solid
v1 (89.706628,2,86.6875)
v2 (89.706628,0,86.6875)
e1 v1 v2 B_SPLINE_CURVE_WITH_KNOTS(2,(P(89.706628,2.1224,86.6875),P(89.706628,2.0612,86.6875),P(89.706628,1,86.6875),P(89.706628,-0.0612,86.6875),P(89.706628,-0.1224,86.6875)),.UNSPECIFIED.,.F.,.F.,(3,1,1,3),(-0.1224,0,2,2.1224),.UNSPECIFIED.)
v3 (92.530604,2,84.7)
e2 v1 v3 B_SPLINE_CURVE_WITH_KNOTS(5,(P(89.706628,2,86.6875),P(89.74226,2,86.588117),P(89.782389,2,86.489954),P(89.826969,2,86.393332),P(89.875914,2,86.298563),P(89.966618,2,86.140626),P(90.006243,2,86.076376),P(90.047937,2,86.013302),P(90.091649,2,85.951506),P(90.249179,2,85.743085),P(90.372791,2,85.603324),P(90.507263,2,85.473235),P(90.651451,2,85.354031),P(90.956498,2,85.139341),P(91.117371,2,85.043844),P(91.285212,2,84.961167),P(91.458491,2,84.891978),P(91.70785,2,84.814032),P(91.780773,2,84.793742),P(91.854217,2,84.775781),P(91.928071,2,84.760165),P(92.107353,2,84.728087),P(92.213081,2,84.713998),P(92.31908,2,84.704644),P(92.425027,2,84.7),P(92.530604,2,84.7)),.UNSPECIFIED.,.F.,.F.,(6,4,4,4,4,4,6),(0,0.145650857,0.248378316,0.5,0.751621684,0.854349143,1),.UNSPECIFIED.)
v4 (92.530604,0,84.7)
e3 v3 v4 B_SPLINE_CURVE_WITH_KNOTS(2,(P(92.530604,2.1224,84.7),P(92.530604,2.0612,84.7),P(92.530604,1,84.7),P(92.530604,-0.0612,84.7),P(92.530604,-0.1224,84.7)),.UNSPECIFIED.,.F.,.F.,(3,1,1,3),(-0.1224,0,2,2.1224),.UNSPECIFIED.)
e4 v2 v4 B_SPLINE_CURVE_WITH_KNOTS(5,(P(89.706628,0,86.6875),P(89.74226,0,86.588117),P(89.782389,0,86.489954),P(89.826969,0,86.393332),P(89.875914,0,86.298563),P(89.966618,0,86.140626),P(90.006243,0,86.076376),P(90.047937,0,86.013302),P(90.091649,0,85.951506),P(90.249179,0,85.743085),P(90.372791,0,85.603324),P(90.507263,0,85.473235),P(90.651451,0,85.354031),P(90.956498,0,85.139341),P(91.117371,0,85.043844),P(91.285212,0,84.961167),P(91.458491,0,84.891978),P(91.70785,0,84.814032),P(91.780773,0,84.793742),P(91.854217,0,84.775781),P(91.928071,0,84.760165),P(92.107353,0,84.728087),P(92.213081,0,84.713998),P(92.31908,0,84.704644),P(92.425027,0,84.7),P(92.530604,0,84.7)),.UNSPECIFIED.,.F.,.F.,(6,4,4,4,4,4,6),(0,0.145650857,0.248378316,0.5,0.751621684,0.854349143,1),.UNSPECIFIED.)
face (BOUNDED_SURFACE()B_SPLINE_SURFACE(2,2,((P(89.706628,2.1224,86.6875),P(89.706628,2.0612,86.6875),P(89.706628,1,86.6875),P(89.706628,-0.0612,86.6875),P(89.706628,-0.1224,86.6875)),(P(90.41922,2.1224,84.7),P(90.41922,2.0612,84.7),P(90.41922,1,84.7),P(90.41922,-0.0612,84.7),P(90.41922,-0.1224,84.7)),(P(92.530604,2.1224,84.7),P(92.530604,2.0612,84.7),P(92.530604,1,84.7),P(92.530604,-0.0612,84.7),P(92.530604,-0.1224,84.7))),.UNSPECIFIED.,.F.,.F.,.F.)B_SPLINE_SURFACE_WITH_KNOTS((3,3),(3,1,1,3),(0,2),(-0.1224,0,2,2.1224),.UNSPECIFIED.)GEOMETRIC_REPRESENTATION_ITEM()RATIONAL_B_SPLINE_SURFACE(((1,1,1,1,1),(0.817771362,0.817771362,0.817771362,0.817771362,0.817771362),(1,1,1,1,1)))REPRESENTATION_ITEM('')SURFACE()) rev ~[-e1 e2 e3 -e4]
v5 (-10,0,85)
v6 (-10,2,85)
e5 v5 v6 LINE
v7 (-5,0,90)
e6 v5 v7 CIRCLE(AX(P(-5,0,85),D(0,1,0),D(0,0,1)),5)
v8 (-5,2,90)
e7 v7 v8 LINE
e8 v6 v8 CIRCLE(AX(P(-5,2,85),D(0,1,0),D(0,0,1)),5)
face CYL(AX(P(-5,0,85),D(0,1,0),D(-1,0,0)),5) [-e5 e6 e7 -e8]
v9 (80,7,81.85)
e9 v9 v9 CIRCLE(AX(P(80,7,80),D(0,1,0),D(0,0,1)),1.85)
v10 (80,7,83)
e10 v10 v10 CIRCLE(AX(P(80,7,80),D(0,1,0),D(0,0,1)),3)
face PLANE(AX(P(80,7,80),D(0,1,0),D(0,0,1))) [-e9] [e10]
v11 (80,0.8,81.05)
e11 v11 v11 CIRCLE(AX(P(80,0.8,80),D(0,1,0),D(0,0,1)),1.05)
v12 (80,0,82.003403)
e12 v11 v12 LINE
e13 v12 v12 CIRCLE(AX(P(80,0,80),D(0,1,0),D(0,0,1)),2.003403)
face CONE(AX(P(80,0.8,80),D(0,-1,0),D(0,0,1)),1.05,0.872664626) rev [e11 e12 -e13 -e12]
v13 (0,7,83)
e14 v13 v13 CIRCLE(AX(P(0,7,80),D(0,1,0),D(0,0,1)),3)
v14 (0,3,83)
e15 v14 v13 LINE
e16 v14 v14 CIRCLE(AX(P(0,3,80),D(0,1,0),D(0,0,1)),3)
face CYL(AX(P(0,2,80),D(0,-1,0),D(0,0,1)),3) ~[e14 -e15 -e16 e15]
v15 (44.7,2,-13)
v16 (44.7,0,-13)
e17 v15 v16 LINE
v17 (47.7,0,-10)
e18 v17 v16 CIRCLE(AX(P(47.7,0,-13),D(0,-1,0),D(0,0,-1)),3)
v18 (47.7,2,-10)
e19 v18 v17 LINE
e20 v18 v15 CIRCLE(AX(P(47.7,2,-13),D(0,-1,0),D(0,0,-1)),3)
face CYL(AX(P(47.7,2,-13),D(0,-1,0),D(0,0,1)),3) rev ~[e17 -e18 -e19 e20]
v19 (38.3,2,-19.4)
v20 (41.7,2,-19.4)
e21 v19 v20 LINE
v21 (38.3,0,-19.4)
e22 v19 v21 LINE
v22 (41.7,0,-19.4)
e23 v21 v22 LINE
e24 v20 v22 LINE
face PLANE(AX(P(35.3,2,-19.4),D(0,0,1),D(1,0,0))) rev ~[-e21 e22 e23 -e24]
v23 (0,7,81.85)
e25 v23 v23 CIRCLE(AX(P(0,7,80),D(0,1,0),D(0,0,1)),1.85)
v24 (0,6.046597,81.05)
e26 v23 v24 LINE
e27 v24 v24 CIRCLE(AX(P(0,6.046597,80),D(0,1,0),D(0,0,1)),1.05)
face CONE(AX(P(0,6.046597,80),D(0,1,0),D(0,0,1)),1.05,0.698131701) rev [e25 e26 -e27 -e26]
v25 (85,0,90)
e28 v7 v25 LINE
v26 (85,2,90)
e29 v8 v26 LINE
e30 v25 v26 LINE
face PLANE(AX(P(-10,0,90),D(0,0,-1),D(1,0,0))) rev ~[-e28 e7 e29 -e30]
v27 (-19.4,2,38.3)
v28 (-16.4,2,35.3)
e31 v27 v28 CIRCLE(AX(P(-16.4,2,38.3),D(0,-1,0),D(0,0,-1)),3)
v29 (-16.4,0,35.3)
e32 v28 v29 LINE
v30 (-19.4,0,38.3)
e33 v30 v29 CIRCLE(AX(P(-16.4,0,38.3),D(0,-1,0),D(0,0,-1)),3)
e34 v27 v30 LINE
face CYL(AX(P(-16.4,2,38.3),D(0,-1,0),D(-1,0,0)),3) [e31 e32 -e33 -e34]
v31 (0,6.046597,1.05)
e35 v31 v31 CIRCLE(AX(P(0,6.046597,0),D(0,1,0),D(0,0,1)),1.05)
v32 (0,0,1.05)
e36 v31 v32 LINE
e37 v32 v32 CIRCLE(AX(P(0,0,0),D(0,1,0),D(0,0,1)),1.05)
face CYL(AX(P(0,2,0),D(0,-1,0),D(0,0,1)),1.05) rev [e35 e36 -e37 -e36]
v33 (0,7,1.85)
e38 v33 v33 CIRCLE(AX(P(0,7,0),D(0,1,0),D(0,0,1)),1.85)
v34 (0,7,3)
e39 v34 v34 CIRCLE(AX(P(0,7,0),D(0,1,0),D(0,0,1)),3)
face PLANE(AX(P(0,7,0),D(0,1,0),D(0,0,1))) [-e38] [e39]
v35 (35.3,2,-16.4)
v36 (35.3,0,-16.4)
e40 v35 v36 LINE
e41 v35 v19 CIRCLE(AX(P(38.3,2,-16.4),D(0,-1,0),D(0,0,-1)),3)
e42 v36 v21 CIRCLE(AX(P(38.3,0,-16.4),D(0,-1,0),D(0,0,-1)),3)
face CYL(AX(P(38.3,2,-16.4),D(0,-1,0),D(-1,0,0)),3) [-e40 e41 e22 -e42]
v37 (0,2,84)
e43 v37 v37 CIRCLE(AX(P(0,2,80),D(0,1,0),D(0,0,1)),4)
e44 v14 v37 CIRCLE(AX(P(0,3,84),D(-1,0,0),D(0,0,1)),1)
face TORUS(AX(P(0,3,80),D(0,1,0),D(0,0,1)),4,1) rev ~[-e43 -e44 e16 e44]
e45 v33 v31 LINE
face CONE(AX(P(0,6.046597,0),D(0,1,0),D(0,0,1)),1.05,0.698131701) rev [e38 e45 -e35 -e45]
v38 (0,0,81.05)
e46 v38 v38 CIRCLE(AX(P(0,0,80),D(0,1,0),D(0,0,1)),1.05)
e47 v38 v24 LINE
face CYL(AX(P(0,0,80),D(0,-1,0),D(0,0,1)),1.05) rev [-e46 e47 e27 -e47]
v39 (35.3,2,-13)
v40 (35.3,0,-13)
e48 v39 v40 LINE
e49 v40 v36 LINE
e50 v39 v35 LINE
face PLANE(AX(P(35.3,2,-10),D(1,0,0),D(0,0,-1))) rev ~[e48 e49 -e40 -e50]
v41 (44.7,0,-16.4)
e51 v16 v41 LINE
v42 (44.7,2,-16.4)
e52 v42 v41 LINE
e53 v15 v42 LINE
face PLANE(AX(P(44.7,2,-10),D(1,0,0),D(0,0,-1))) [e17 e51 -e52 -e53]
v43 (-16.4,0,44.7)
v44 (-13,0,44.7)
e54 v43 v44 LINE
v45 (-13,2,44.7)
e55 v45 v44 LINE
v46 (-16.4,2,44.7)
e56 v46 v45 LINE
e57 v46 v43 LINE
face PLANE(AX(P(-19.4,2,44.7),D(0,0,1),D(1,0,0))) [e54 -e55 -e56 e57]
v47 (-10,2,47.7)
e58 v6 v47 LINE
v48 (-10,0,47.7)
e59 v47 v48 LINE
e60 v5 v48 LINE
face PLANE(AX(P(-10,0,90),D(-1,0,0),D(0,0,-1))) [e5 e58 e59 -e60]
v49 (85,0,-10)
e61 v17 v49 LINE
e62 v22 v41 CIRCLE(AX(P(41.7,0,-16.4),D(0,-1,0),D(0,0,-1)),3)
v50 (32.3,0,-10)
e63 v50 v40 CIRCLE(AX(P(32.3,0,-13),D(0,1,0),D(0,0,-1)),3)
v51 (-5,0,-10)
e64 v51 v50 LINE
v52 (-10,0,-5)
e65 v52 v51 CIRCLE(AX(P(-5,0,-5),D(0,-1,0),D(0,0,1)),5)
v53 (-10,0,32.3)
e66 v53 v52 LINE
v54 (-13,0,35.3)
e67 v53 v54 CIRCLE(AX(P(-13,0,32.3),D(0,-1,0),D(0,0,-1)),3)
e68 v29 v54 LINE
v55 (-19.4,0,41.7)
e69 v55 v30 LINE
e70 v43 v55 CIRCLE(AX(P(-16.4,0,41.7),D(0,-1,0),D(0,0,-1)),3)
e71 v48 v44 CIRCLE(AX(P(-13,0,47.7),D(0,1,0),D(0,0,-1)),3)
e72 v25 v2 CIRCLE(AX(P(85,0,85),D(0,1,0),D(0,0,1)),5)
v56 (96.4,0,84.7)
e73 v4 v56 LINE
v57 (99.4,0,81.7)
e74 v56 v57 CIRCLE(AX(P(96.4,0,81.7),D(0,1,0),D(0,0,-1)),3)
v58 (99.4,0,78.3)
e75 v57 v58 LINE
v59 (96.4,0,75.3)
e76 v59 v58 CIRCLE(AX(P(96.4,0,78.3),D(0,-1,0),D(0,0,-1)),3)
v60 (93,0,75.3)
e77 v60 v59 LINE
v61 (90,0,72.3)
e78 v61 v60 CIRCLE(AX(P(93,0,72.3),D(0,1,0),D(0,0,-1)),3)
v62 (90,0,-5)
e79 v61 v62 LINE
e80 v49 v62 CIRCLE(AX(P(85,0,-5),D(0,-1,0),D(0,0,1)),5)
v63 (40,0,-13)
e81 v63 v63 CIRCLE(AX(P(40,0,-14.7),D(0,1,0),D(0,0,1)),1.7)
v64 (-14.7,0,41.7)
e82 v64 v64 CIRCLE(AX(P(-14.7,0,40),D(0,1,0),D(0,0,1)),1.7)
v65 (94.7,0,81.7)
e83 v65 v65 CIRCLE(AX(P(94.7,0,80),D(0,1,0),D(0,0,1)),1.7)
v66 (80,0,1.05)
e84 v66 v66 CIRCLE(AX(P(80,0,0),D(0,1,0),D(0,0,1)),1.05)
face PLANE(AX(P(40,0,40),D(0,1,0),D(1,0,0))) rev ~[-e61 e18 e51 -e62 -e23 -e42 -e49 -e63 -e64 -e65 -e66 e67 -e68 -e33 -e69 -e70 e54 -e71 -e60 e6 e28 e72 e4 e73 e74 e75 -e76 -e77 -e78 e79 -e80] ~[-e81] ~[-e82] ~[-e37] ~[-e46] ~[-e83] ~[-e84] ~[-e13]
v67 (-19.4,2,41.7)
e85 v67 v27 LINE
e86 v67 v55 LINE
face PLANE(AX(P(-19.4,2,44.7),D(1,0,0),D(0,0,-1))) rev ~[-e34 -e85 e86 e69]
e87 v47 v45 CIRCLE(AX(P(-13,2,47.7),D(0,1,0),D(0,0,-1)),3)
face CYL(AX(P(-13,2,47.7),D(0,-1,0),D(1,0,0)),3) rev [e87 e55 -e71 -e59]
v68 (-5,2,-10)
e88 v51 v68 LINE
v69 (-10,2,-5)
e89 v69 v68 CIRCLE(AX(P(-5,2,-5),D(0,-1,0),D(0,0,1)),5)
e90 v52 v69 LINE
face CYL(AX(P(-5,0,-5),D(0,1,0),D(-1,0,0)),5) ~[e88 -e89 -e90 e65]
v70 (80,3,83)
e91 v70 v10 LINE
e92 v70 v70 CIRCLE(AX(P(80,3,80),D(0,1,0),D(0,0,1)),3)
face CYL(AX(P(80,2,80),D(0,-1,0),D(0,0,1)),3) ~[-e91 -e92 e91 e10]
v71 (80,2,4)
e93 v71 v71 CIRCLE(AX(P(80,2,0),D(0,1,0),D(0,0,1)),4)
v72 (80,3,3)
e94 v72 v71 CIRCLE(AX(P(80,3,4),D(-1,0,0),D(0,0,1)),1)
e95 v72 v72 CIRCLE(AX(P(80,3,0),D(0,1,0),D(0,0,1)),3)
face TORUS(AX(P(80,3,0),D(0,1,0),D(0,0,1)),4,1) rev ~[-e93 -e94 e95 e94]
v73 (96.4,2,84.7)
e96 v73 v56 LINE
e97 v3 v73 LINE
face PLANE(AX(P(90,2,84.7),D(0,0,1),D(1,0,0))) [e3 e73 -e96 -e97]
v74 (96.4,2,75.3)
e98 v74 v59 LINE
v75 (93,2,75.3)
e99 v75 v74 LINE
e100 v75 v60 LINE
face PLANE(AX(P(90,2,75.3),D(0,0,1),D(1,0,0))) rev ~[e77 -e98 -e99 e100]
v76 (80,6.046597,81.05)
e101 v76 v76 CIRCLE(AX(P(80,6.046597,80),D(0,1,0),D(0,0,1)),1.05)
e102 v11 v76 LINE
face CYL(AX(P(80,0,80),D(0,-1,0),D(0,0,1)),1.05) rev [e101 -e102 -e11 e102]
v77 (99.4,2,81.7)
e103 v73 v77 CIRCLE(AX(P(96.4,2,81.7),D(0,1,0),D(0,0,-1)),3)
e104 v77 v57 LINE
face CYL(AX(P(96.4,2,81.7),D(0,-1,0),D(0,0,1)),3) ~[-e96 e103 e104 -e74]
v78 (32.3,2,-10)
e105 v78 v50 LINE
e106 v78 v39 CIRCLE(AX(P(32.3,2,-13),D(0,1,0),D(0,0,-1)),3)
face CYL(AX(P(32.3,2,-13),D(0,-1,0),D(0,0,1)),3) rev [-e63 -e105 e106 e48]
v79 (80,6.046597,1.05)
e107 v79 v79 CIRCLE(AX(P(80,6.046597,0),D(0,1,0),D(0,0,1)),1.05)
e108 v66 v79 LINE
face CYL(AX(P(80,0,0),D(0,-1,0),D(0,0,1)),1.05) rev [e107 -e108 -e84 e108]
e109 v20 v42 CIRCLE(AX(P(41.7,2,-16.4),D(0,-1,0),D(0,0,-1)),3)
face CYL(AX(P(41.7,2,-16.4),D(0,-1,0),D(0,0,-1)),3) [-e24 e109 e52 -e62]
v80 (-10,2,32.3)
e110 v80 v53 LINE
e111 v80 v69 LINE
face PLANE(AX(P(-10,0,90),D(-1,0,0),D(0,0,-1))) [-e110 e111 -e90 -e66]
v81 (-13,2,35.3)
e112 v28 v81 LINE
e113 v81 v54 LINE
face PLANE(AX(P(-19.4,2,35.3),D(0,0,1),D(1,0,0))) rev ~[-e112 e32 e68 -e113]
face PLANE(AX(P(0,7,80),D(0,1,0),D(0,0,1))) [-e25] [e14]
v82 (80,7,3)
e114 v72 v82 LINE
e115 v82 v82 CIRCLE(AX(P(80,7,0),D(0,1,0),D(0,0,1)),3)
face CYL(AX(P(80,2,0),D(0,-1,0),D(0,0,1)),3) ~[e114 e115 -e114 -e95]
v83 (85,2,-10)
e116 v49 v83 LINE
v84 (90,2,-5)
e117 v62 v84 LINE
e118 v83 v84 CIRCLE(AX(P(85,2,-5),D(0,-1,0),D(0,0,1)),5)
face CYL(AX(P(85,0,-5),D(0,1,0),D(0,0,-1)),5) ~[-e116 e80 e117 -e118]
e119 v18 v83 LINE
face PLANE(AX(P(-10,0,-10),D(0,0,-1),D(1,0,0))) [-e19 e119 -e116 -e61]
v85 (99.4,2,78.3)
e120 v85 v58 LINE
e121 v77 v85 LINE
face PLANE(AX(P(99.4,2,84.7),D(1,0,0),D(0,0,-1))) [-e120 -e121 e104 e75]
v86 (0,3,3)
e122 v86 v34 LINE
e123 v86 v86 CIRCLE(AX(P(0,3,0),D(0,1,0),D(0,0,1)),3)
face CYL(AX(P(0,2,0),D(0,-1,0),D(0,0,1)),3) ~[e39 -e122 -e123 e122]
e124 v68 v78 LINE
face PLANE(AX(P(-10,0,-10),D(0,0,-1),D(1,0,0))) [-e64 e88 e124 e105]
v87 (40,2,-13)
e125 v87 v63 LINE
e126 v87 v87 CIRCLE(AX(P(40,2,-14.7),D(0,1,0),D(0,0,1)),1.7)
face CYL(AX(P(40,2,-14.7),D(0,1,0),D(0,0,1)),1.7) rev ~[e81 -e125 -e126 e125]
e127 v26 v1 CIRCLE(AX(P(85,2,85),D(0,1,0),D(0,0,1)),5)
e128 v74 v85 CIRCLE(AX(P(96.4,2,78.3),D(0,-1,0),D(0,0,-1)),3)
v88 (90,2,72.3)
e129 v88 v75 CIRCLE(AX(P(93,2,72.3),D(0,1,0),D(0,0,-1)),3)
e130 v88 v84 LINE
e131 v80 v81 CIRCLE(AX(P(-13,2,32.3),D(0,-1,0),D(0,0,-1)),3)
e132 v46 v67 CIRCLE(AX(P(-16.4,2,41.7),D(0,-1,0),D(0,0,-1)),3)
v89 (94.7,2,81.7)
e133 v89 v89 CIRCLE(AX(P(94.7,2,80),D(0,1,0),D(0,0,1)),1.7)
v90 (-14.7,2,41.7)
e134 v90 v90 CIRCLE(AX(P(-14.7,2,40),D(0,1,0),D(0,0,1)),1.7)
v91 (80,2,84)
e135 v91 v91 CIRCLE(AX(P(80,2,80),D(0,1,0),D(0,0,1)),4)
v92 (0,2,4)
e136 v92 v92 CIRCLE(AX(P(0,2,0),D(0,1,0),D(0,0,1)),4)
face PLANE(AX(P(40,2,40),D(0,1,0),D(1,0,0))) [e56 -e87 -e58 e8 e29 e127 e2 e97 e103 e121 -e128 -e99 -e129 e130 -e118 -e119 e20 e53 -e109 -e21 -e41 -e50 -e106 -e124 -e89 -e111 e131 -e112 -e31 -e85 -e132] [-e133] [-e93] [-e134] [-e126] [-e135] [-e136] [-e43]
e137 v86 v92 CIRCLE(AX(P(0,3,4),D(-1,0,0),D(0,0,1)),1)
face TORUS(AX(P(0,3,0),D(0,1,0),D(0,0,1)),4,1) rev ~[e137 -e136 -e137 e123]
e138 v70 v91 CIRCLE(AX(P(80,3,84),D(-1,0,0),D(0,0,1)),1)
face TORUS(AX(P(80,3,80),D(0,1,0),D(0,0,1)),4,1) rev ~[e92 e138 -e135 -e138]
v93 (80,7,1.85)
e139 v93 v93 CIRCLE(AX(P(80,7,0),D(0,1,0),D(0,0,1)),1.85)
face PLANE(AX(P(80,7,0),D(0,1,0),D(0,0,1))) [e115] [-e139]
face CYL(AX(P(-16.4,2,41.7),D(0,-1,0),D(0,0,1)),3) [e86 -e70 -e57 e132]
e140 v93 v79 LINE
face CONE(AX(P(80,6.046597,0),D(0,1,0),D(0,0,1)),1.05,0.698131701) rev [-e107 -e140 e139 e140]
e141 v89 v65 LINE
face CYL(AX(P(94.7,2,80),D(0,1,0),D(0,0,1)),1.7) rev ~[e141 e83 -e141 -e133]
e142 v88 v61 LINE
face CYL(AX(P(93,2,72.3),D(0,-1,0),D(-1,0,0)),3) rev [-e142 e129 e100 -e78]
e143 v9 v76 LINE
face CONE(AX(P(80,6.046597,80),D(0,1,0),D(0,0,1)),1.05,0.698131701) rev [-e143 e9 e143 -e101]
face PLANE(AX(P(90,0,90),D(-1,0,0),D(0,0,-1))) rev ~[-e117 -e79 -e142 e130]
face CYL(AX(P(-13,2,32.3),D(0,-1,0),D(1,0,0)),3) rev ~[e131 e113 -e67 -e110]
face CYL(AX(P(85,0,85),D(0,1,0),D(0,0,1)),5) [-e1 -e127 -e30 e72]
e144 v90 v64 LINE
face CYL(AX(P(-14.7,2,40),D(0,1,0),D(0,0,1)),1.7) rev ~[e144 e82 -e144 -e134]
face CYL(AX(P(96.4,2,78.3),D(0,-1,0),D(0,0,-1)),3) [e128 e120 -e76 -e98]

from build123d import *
from OCP.BRepFilletAPI import BRepFilletAPI_MakeChamfer

# Parameters (mm, degrees)
SKIZZE1_W                       = 100
SKIZZE1_H                       = 100
SKIZZE1_R                       = 1.05
AUFSATZ_LINEAR_AUSTRAGEN1_DEPTH = 2
SKIZZE2_R                       = 3
SKIZZE2_R_2                     = 1.05
AUFSATZ_LINEAR_AUSTRAGEN2_DEPTH = 5
VERRUNDUNG1_R                   = 1
FASE1_SIZE                      = 0.8
FASE1_SIZE2                     = 0.953402874
VERRUNDUNG2_R                   = 5
SKIZZE3_W                       = 9.4
SKIZZE3_H                       = 9.4
SKIZZE3_R                       = 1.7
AUFSATZ_LINEAR_AUSTRAGEN3_DEPTH = 2
VERRUNDUNG3_R                   = 3
SKIZZE4_W                       = 9.4
SKIZZE4_H                       = 9.4
SKIZZE4_R                       = 1.7
AUFSATZ_LINEAR_AUSTRAGEN4_DEPTH = 2
VERRUNDUNG4_R                   = 3


with BuildPart() as part:
    # Skizze1 → Aufsatz-Linear austragen1 (new body)
    with BuildSketch(Plane(origin=(0, 0, 0), x_dir=(1, 0, 0), z_dir=(0, 1, 0))):
        with Locations((40, -40)):
            Rectangle(SKIZZE1_W, SKIZZE1_H)
        with Locations(Location((0, 0, 0), (0, 0, 270))):
            Circle(SKIZZE1_R, mode=Mode.SUBTRACT)
        with Locations(Location((0, -80, 0), (0, 0, 270))):
            Circle(SKIZZE1_R, mode=Mode.SUBTRACT)
        with Locations(Location((80, 0, 0), (0, 0, 270))):
            Circle(SKIZZE1_R, mode=Mode.SUBTRACT)
        with Locations(Location((80, -80, 0), (0, 0, 270))):
            Circle(SKIZZE1_R, mode=Mode.SUBTRACT)
    extrude(amount=AUFSATZ_LINEAR_AUSTRAGEN1_DEPTH)

    # Skizze2 → Aufsatz-Linear austragen2 (add)
    # profile 1 of 4: a face of its own
    with BuildSketch(Plane(origin=(0, 2, 0), x_dir=(1, 0, 0), z_dir=(0, 1, 0))):
        with Locations(Location((0, 0, 0), (0, 0, 270))):
            Circle(SKIZZE2_R)
        with Locations(Location((0, 0, 0), (0, 0, 270))):
            Circle(SKIZZE2_R_2, mode=Mode.SUBTRACT)
    # profile 2 of 4: a face of its own
    with BuildSketch(Plane(origin=(0, 2, 0), x_dir=(1, 0, 0), z_dir=(0, 1, 0))):
        with Locations(Location((80, 0, 0), (0, 0, 270))):
            Circle(SKIZZE2_R)
        with Locations(Location((80, 0, 0), (0, 0, 270))):
            Circle(SKIZZE2_R_2, mode=Mode.SUBTRACT)
    # profile 3 of 4: a face of its own
    with BuildSketch(Plane(origin=(0, 2, 0), x_dir=(1, 0, 0), z_dir=(0, 1, 0))):
        with Locations(Location((0, -80, 0), (0, 0, 270))):
            Circle(SKIZZE2_R)
        with Locations(Location((0, -80, 0), (0, 0, 270))):
            Circle(SKIZZE2_R_2, mode=Mode.SUBTRACT)
    # profile 4 of 4: a face of its own
    with BuildSketch(Plane(origin=(0, 2, 0), x_dir=(1, 0, 0), z_dir=(0, 1, 0))):
        with Locations(Location((80, -80, 0), (0, 0, 270))):
            Circle(SKIZZE2_R)
        with Locations(Location((80, -80, 0), (0, 0, 270))):
            Circle(SKIZZE2_R_2, mode=Mode.SUBTRACT)
    extrude(amount=AUFSATZ_LINEAR_AUSTRAGEN2_DEPTH)

    # Verrundung1
    verrundung1_edges = [part.edges().sort_by_distance(p)[0] for p in [
        (0, 2, -3),
        (80, 2, -3),
        (0, 2, 77),
        (80, 2, 77),
    ]]
    fillet(verrundung1_edges, radius=VERRUNDUNG1_R)

    # Fase1: one chamfer whose edges measure the first distance from different faces: ONE call of the kernel's chamfer builder (chamfer() names one face for all edges)
    fase1_edges_1 = [part.edges().sort_by_distance(p)[0] for p in [
        (80, 0, 78.95),
    ]]
    fase1_side_1 = [part.faces().sort_by_distance(p)[0] for p in [
        (80, 3.5, 78.95),
    ]]
    fase1_edges_2 = [part.edges().sort_by_distance(p)[0] for p in [
        (0, 7, -1.05),
    ]]
    fase1_side_2 = [part.faces().sort_by_distance(p)[0] for p in [
        (0, 7, -2.915147186),
    ]]
    fase1_edges_3 = [part.edges().sort_by_distance(p)[0] for p in [
        (80, 7, -1.05),
    ]]
    fase1_side_3 = [part.faces().sort_by_distance(p)[0] for p in [
        (80, 7, -2.915147186),
    ]]
    fase1_edges_4 = [part.edges().sort_by_distance(p)[0] for p in [
        (0, 7, 78.95),
    ]]
    fase1_side_4 = [part.faces().sort_by_distance(p)[0] for p in [
        (0, 7, 77.084852814),
    ]]
    fase1_edges_5 = [part.edges().sort_by_distance(p)[0] for p in [
        (80, 7, 78.95),
    ]]
    fase1_side_5 = [part.faces().sort_by_distance(p)[0] for p in [
        (80, 7, 77.084852814),
    ]]
    fase1 = BRepFilletAPI_MakeChamfer(part.part.solid().wrapped)
    for e in fase1_edges_1:
        fase1.Add(FASE1_SIZE, FASE1_SIZE2, e.wrapped, fase1_side_1[0].wrapped)  # the first distance lies on this face
    for e in fase1_edges_2:
        fase1.Add(FASE1_SIZE, FASE1_SIZE2, e.wrapped, fase1_side_2[0].wrapped)  # the first distance lies on this face
    for e in fase1_edges_3:
        fase1.Add(FASE1_SIZE, FASE1_SIZE2, e.wrapped, fase1_side_3[0].wrapped)  # the first distance lies on this face
    for e in fase1_edges_4:
        fase1.Add(FASE1_SIZE, FASE1_SIZE2, e.wrapped, fase1_side_4[0].wrapped)  # the first distance lies on this face
    for e in fase1_edges_5:
        fase1.Add(FASE1_SIZE, FASE1_SIZE2, e.wrapped, fase1_side_5[0].wrapped)  # the first distance lies on this face
    add(Compound.cast(fase1.Shape()), mode=Mode.REPLACE)

    # Verrundung2
    verrundung2_edges = [part.edges().sort_by_distance(p)[0] for p in [
        (-10, 1, -10),
        (90, 1, -10),
        (90, 1, 90),
        (-10, 1, 90),
    ]]
    fillet(verrundung2_edges, radius=VERRUNDUNG2_R)

    # Skizze3 → Aufsatz-Linear austragen3 (add)
    # profile 1 of 2: a face of its own
    with BuildSketch(Plane(origin=(0, 2, 0), x_dir=(1, 0, 0), z_dir=(0, 1, 0))):
        with Locations((-14.7, -40)):
            Rectangle(SKIZZE3_W, SKIZZE3_H)
        with Locations(Location((-14.7, -40, 0), (0, 0, 270))):
            Circle(SKIZZE3_R, mode=Mode.SUBTRACT)
    # profile 2 of 2: a face of its own
    with BuildSketch(Plane(origin=(0, 2, 0), x_dir=(1, 0, 0), z_dir=(0, 1, 0))):
        with Locations((94.7, -80)):
            Rectangle(SKIZZE3_W, SKIZZE3_H)
        with Locations(Location((94.7, -80, 0), (0, 0, 270))):
            Circle(SKIZZE3_R, mode=Mode.SUBTRACT)
    extrude(amount=-AUFSATZ_LINEAR_AUSTRAGEN3_DEPTH)

    # Verrundung3
    verrundung3_edges = [part.edges().sort_by_distance(p)[0] for p in [
        (90, 1, 84.7),
        (99.4, 1, 84.7),
        (99.4, 1, 75.3),
        (90, 1, 75.3),
        (-10, 1, 35.3),
        (-10, 1, 44.7),
        (-19.4, 1, 44.7),
        (-19.4, 1, 35.3),
    ]]
    fillet(verrundung3_edges, radius=VERRUNDUNG3_R)

    # Skizze4 → Aufsatz-Linear austragen4 (add)
    with BuildSketch(Plane(origin=(0, 2, 0), x_dir=(1, 0, 0), z_dir=(0, 1, 0))):
        with Locations((40, 14.7)):
            Rectangle(SKIZZE4_W, SKIZZE4_H)
        with Locations(Location((40, 14.7, 0), (0, 0, 270))):
            Circle(SKIZZE4_R, mode=Mode.SUBTRACT)
    extrude(amount=-AUFSATZ_LINEAR_AUSTRAGEN4_DEPTH)

    # Verrundung4
    verrundung4_edges = [part.edges().sort_by_distance(p)[0] for p in [
        (44.7, 1, -10),
        (44.7, 1, -19.4),
        (35.3, 1, -19.4),
        (35.3, 1, -10),
    ]]
    fillet(verrundung4_edges, radius=VERRUNDUNG4_R)


solid = part.part
